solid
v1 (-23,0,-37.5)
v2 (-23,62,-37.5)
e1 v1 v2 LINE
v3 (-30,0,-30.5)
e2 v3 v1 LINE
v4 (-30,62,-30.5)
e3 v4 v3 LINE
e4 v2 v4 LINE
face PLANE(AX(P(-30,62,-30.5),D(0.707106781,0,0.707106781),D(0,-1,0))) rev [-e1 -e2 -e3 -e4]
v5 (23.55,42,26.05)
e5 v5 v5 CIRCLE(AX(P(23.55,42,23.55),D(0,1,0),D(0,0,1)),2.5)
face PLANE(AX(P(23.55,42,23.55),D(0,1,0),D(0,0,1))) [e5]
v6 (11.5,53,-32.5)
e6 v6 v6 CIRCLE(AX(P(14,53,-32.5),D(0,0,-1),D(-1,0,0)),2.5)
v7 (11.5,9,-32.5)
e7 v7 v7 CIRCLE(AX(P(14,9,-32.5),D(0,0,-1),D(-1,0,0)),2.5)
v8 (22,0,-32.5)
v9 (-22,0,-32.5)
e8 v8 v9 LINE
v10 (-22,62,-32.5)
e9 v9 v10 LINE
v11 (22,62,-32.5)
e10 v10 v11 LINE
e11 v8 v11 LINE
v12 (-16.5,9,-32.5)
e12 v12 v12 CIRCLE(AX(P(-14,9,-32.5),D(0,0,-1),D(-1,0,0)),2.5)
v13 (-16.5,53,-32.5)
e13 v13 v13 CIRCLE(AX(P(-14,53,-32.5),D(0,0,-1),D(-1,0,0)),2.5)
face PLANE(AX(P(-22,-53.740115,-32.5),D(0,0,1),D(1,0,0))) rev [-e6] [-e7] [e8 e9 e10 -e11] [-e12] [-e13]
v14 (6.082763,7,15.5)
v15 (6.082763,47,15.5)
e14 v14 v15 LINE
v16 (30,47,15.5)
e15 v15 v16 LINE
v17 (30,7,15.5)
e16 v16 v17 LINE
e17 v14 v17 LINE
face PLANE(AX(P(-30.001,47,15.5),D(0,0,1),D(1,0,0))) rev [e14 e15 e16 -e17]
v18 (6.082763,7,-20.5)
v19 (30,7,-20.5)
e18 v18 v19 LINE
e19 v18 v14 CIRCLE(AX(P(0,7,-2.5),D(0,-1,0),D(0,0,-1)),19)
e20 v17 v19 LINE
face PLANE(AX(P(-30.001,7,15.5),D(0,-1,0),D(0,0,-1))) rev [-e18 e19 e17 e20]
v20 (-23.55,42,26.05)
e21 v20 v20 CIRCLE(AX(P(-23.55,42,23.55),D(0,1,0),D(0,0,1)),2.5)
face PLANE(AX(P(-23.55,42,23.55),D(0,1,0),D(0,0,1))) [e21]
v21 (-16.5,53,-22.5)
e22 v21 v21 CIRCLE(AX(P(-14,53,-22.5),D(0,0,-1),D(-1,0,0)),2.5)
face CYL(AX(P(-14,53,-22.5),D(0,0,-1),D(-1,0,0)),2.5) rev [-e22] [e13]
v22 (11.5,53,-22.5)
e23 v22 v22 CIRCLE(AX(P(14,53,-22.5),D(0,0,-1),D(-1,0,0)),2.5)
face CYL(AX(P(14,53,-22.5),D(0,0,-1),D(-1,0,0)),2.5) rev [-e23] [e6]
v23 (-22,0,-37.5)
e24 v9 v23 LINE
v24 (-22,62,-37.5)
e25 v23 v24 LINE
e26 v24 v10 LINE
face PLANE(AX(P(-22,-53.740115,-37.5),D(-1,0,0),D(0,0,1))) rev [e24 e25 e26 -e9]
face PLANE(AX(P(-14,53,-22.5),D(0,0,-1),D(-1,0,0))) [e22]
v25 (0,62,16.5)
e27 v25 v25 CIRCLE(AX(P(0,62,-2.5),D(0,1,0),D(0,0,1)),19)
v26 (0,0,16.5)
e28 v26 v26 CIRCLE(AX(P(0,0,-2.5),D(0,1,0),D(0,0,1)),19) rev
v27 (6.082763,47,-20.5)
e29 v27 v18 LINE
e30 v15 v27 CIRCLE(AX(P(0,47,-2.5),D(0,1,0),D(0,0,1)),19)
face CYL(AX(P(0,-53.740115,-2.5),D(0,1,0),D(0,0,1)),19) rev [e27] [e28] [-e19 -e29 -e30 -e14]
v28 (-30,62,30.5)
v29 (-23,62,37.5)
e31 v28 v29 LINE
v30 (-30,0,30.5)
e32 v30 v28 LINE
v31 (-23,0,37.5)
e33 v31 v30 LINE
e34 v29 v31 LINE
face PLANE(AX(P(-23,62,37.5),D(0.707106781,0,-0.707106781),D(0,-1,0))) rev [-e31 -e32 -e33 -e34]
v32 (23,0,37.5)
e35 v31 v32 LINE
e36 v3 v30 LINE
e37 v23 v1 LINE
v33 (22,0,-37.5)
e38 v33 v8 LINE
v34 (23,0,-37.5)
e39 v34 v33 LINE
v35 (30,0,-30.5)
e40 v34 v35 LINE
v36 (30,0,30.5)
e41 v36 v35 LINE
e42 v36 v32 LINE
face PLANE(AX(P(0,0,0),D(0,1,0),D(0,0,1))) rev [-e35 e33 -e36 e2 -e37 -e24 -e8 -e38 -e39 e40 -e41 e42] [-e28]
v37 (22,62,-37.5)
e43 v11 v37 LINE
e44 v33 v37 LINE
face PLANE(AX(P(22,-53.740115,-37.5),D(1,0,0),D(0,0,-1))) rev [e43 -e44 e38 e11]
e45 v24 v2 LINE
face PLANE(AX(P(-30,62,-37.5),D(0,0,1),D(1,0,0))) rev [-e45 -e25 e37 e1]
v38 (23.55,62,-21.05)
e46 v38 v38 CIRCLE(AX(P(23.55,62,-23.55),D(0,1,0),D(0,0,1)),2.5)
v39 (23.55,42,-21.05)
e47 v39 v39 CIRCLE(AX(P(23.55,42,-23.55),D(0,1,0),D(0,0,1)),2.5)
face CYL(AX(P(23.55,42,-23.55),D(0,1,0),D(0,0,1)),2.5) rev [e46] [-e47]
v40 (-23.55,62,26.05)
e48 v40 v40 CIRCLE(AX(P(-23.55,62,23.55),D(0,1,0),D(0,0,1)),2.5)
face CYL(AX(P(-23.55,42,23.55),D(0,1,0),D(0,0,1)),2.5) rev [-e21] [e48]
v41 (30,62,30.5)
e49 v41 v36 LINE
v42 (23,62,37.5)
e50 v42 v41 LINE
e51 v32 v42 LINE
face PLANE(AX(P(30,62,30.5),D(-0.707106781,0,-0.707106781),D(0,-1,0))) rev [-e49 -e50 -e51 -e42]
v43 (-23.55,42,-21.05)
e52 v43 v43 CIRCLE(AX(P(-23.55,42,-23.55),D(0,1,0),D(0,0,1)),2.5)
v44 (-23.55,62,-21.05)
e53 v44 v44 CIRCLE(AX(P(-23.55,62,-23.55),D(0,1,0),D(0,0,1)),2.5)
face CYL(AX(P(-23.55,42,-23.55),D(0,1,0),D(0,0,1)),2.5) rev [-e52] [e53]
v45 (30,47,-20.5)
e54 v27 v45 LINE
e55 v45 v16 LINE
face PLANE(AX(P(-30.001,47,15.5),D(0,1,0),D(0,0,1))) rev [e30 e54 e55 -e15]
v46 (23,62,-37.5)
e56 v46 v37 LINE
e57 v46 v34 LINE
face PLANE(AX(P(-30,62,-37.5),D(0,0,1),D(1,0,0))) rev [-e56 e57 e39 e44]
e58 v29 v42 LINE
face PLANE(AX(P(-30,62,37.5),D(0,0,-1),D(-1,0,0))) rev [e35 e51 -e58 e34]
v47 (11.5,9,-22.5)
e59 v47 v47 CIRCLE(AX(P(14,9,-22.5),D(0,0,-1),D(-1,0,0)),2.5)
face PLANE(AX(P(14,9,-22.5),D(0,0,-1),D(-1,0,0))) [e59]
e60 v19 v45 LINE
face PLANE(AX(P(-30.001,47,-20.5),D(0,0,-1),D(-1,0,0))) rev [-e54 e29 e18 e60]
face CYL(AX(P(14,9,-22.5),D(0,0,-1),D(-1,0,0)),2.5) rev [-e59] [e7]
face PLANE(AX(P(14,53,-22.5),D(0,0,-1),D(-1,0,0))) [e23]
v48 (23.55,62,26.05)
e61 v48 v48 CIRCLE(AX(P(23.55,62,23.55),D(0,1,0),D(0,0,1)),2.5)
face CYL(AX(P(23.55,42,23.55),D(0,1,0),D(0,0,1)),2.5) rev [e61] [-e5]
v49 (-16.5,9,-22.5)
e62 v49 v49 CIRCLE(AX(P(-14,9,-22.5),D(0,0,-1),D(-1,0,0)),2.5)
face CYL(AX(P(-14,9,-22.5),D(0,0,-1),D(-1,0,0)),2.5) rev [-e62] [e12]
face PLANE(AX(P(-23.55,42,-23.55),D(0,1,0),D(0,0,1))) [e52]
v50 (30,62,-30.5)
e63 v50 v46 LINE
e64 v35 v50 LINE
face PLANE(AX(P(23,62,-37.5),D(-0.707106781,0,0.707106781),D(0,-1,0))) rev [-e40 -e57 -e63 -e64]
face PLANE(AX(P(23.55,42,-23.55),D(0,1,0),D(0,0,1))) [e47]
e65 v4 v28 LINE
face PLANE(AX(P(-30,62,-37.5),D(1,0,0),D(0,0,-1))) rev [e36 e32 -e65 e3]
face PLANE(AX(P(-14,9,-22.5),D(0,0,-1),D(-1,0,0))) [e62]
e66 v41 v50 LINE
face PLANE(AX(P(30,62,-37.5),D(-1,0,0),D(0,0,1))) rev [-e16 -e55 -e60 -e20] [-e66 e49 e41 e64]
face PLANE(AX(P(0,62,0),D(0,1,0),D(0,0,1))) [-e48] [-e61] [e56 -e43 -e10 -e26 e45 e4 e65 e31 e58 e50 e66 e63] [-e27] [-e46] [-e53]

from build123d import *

# Parameters (mm, degrees)
SKETCH1_W               = 60
SKETCH1_H               = 75
BOSS_EXTRUDE1_DEPTH     = 62
SKETCH2_R               = 19
SKETCH2_W               = 44
SKETCH2_H               = 5
CUT_EXTRUDE1_DEPTH      = 62
CUT_EXTRUDE2_REACH      = 96.076
CUT_EXTRUDE2_END_RADIUS = 19
SKETCH3_W               = 36
SKETCH3_H               = 40
CHAMFER1_SIZE           = 7
SKETCH4_R               = 2.5
CUT_EXTRUDE3_DEPTH      = 10
SKETCH5_R               = 2.5
CUT_EXTRUDE4_DEPTH      = 20


with BuildPart() as part:
    # Sketch1 → Boss-Extrude1 (new body)
    with BuildSketch(Plane(origin=(0, 0, 0), x_dir=(1, 0, 0), z_dir=(0, 1, 0))):
        Rectangle(SKETCH1_W, SKETCH1_H)
    extrude(amount=BOSS_EXTRUDE1_DEPTH)

    # Sketch2 → Cut-Extrude1 (cut)
    with BuildSketch(Plane(origin=(0, 62, 0), x_dir=(1, 0, 0), z_dir=(0, 1, 0))):
        with Locations(Location((0, 2.5, 0), (0, 0, 270))):
            Circle(SKETCH2_R)
        with Locations((0, 35)):
            Rectangle(SKETCH2_W, SKETCH2_H)
    extrude(amount=-CUT_EXTRUDE1_DEPTH, mode=Mode.SUBTRACT)

    # Cut-Extrude2: up to this cylinder (the profile starts outside it)
    cut_extrude2_end = Plane(origin=(0, 27, -2.5), z_dir=(0, 1, 0)) * Cylinder(CUT_EXTRUDE2_END_RADIUS, 231.152, mode=Mode.PRIVATE)
    # Sketch3 → Cut-Extrude2 (cut, up to the surface)
    with BuildSketch(Plane(origin=(30, 0, 0), x_dir=(0, 0, -1), z_dir=(1, 0, 0)), mode=Mode.PRIVATE) as cut_extrude2_sk1:
        with Locations((2.5, 27)):
            Rectangle(SKETCH3_W, SKETCH3_H)
    cut_extrude2_tool1 = extrude(cut_extrude2_sk1.sketch, amount=-CUT_EXTRUDE2_REACH, mode=Mode.PRIVATE) - cut_extrude2_end
    add(cut_extrude2_tool1.solids().sort_by_distance((30, 27, -2.5))[0], mode=Mode.SUBTRACT)

    # Chamfer1
    chamfer1_edges = [part.edges().sort_by_distance(p)[0] for p in [
        (30, 31, 37.5),
        (-30, 31, 37.5),
        (-30, 31, -37.5),
        (30, 31, -37.5),
    ]]
    chamfer(chamfer1_edges, length=CHAMFER1_SIZE)

    # Sketch4 → Cut-Extrude3 (cut)
    with BuildSketch(Plane(origin=(0, 0, -32.5), x_dir=(-1, 0, 0), z_dir=(0, 0, -1))):
        with Locations((-14, 53)):
            Circle(SKETCH4_R)
        with Locations((14, 53)):
            Circle(SKETCH4_R)
        with Locations((-14, 9)):
            Circle(SKETCH4_R)
        with Locations((14, 9)):
            Circle(SKETCH4_R)
    extrude(amount=-CUT_EXTRUDE3_DEPTH, mode=Mode.SUBTRACT)

    # Sketch5 → Cut-Extrude4 (cut)
    with BuildSketch(Plane(origin=(0, 62, 0), x_dir=(1, 0, 0), z_dir=(0, 1, 0))):
        with Locations(Location((-23.55, 23.55, 0), (0, 0, 270))):
            Circle(SKETCH5_R)
        with Locations(Location((23.55, 23.55, 0), (0, 0, 270))):
            Circle(SKETCH5_R)
        with Locations(Location((23.55, -23.55, 0), (0, 0, 270))):
            Circle(SKETCH5_R)
        with Locations(Location((-23.55, -23.55, 0), (0, 0, 270))):
            Circle(SKETCH5_R)
    extrude(amount=-CUT_EXTRUDE4_DEPTH, mode=Mode.SUBTRACT)


solid = part.part
